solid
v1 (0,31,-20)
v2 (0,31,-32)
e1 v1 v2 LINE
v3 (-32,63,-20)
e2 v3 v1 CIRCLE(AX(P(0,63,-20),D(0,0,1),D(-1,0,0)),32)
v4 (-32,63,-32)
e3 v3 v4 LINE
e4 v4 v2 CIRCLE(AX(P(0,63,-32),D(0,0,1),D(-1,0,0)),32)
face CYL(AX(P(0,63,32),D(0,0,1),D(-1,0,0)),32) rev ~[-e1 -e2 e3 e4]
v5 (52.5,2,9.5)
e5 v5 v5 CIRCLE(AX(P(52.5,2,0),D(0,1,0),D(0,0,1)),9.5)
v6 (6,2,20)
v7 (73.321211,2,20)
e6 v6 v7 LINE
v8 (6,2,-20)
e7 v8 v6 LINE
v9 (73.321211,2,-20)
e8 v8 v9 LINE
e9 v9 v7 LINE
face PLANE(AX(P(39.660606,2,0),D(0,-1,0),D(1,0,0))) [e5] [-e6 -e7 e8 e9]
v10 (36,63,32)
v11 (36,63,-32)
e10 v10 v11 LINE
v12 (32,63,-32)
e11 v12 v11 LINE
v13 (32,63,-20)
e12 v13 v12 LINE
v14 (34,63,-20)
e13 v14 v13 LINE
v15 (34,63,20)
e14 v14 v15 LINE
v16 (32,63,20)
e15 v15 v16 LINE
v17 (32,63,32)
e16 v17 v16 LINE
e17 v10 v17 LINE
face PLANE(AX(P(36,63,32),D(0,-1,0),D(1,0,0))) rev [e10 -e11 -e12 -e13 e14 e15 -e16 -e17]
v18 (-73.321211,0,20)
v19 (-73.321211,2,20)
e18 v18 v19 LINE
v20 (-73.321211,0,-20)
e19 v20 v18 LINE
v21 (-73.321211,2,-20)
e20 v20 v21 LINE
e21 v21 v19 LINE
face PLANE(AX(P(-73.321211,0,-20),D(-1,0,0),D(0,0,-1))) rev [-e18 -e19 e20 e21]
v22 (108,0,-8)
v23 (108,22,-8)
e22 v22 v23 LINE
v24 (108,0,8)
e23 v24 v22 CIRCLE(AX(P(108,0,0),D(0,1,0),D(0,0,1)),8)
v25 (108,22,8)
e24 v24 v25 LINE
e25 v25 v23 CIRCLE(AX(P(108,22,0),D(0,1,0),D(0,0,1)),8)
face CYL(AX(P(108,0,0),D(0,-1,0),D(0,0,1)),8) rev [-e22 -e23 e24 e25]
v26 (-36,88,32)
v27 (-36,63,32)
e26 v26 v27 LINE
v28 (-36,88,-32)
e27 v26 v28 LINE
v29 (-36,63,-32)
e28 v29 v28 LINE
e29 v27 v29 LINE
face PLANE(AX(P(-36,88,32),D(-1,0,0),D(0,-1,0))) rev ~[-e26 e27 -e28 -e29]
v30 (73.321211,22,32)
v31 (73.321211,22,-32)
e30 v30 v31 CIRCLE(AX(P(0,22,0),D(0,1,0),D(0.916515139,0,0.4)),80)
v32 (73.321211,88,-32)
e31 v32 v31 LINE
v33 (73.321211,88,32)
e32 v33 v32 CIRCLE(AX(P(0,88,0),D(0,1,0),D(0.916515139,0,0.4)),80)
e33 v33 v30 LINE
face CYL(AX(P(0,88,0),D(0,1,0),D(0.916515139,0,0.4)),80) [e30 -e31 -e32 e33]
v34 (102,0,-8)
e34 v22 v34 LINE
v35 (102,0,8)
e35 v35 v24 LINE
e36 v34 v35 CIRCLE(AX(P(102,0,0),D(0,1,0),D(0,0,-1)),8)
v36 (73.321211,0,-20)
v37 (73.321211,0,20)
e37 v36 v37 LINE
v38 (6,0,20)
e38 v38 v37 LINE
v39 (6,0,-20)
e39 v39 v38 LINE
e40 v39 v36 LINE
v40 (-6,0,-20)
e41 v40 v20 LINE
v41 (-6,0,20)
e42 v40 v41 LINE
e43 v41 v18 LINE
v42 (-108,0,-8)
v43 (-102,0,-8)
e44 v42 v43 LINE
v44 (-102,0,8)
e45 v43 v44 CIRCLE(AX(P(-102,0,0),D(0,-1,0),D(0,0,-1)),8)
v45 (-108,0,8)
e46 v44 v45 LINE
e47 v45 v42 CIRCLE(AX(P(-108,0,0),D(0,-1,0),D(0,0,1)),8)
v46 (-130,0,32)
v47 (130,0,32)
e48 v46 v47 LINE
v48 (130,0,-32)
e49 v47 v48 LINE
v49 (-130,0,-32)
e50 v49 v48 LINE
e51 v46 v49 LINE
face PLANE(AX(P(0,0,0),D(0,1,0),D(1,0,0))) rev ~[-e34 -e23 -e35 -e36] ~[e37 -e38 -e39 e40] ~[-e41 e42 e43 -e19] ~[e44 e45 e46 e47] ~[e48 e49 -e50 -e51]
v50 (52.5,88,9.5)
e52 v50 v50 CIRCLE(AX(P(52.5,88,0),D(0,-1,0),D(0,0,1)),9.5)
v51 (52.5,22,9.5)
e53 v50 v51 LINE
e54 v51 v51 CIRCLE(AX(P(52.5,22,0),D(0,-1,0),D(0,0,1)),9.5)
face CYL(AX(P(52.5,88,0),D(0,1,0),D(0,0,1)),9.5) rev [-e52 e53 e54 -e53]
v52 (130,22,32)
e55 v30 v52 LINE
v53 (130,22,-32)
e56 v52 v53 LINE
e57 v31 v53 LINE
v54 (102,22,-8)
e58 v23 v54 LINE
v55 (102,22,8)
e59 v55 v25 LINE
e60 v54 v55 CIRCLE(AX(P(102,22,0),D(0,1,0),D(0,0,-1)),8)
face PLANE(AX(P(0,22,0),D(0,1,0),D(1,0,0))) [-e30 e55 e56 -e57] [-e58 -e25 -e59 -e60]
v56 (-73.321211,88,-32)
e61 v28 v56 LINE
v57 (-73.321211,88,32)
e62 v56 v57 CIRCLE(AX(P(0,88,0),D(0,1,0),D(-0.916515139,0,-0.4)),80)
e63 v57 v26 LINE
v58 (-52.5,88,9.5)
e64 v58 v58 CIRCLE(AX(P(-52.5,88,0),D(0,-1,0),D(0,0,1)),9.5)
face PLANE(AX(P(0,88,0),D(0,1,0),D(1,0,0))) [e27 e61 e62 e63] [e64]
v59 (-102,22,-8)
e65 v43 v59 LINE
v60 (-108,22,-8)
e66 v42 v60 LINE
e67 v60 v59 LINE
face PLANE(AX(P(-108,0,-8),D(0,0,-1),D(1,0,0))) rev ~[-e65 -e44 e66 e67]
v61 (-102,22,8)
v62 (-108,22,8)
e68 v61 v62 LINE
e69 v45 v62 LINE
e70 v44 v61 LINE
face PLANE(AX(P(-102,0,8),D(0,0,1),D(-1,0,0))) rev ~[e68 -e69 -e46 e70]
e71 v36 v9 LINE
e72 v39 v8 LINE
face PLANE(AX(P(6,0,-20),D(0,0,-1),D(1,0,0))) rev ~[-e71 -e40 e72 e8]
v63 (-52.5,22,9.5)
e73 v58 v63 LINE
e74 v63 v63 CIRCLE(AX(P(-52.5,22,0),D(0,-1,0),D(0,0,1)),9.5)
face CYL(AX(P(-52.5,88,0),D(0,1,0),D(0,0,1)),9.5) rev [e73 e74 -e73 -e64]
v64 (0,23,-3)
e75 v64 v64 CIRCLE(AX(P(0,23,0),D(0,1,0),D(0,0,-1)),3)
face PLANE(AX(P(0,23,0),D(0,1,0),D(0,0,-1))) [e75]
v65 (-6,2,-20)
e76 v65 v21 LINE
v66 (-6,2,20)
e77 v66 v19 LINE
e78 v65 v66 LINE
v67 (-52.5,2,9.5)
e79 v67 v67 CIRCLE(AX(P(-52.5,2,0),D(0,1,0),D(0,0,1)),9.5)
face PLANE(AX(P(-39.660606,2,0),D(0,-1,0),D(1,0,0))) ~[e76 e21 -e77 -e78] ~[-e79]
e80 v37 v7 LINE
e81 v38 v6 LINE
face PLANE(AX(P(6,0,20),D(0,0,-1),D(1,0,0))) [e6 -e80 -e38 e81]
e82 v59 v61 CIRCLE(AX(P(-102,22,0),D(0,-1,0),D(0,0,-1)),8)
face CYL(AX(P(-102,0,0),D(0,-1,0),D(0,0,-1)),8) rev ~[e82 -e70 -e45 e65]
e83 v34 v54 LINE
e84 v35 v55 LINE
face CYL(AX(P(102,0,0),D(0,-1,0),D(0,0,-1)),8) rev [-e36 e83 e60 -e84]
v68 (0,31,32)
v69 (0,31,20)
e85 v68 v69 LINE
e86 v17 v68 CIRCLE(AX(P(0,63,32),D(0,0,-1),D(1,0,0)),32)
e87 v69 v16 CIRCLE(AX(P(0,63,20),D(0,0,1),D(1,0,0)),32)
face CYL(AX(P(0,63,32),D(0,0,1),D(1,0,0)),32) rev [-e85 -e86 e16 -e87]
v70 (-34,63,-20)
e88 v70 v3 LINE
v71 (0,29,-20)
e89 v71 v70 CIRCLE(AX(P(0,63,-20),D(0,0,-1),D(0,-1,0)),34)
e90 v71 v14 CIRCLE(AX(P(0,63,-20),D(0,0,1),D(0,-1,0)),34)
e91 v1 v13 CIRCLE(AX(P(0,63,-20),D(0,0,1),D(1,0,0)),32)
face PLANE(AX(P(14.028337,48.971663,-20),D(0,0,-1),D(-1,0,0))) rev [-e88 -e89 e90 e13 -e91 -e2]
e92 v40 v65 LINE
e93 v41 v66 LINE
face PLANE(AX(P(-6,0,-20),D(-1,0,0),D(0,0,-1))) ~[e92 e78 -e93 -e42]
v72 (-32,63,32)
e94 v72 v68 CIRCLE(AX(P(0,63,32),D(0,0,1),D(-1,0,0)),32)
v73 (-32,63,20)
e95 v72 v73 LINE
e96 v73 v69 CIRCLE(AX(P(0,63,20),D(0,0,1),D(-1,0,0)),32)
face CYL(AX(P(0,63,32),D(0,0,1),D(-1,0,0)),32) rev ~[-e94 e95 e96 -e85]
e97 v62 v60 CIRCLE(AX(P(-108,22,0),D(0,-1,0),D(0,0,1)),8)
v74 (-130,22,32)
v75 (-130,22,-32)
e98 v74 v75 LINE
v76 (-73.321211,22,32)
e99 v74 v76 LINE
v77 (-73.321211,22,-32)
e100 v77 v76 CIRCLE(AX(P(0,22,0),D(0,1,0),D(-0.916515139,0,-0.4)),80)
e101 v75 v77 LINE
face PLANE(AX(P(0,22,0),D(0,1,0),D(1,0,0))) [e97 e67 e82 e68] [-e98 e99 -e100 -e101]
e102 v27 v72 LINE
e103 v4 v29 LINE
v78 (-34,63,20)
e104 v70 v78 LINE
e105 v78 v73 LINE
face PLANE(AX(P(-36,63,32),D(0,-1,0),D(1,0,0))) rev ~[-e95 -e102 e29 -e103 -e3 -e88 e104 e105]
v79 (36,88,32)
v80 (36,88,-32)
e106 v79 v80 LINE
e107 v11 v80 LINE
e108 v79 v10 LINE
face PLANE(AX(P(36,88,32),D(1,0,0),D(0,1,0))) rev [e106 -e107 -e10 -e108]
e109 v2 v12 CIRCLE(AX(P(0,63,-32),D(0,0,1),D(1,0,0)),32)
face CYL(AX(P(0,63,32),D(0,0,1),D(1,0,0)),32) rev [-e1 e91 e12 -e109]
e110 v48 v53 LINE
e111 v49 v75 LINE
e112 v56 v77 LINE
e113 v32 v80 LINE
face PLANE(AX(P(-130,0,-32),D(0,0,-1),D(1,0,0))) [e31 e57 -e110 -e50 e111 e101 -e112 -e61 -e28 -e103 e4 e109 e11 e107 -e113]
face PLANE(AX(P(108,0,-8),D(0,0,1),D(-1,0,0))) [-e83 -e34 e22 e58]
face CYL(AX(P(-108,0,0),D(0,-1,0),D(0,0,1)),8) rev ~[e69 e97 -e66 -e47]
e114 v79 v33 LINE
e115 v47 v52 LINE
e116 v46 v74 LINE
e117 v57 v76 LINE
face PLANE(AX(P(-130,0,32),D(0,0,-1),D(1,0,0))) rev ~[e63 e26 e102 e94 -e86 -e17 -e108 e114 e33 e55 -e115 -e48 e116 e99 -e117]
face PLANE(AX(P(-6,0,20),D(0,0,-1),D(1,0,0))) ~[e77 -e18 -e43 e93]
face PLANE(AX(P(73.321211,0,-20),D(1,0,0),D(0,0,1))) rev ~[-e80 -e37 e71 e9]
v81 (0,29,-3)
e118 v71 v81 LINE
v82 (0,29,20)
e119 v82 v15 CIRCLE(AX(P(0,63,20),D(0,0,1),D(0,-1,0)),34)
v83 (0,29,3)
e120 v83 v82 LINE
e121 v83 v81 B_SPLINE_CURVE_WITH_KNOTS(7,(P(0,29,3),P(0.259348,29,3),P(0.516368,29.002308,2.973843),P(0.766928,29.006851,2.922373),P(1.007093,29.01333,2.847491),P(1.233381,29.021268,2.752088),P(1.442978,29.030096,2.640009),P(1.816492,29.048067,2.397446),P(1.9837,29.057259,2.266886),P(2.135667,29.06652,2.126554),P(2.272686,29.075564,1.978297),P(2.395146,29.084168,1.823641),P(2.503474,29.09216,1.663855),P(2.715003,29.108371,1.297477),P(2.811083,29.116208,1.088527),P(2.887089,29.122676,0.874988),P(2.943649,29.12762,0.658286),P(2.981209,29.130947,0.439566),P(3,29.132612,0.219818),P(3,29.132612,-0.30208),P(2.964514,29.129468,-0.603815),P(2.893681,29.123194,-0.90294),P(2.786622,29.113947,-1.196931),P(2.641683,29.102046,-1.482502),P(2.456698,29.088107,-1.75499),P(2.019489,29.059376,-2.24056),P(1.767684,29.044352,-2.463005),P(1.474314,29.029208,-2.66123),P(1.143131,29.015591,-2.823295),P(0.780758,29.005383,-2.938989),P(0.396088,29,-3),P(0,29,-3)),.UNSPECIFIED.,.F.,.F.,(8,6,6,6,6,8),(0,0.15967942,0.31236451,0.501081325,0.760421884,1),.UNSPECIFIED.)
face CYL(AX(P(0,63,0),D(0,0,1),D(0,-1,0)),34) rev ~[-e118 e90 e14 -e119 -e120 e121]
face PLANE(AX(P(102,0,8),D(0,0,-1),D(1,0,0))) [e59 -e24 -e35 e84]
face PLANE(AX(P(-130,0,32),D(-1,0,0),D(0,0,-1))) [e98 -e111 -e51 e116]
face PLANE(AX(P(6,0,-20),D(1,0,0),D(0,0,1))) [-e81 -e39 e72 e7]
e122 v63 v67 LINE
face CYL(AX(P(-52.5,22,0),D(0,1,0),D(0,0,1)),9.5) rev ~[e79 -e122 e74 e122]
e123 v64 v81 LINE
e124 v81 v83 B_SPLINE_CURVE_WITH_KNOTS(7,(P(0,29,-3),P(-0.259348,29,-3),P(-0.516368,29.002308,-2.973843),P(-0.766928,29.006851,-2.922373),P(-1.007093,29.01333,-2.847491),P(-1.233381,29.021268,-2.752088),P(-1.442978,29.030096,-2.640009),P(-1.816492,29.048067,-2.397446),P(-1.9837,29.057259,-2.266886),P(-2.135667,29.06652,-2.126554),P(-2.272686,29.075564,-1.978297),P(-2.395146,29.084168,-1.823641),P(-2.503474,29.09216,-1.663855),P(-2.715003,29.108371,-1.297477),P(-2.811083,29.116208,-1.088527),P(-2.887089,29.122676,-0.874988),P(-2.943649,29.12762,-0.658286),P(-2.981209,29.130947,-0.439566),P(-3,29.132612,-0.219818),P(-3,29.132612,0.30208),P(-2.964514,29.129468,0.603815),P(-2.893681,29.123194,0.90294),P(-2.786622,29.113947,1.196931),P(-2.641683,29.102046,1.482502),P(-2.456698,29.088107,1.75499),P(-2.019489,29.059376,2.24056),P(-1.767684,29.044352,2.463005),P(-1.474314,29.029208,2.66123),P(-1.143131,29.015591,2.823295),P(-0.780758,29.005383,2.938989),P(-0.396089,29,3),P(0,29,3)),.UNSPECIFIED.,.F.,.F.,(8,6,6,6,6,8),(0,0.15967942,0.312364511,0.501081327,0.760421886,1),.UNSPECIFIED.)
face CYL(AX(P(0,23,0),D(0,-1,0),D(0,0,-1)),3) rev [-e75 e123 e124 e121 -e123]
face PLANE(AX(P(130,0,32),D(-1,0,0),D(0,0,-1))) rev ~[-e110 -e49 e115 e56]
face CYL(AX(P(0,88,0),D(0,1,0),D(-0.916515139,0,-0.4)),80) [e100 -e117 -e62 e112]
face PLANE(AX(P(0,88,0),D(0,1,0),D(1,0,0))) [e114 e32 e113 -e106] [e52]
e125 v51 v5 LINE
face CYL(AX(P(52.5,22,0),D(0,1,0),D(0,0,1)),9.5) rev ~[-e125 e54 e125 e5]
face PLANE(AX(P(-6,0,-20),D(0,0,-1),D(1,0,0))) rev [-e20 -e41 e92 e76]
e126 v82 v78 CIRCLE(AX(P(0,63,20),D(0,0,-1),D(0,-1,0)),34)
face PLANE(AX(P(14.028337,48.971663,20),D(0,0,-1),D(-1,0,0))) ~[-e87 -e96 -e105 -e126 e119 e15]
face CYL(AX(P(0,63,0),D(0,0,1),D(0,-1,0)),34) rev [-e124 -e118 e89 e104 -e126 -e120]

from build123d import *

# Parameters (mm, degrees)
SKETCH1_W               = 260
SKETCH1_H               = 64
BOSS_EXTRUDE1_DEPTH     = 22
SKETCH3_R               = 9.5
BOSS_EXTRUDE2_DEPTH     = 66
CUT_EXTRUDE2_DEPTH      = 75
CUT_EXTRUDE3_DEPTH      = 20
CUT_EXTRUDE5_DEPTH      = 40
CUT_EXTRUDE5_DEPTH_BACK = 6
SKETCH7_R               = 3
SKETCH8_W               = 67.321211119
SKETCH8_H               = 40
CUT_EXTRUDE6_DEPTH      = 2
SKETCH9_R               = 9.5
CUT_EXTRUDE7_DEPTH      = 45


with BuildPart() as part:
    # Sketch1 → Boss-Extrude1 (new body)
    with BuildSketch(Plane(origin=(0, 0, 0), x_dir=(1, 0, 0), z_dir=(0, 1, 0))):
        Rectangle(SKETCH1_W, SKETCH1_H)
        with BuildLine():
            Line((-102, -8), (-108, -8))
            ThreePointArc((-108, -8), (-116, 0), (-108, 8))
            Line((-108, 8), (-102, 8))
            ThreePointArc((-102, 8), (-94, 0), (-102, -8))
        make_face(mode=Mode.SUBTRACT)
        with BuildLine():
            Line((102, -8), (108, -8))
            ThreePointArc((108, -8), (116, 0), (108, 8))
            Line((108, 8), (102, 8))
            ThreePointArc((102, 8), (94, 0), (102, -8))
        make_face(mode=Mode.SUBTRACT)
    extrude(amount=BOSS_EXTRUDE1_DEPTH)

    # Sketch3 → Boss-Extrude2 (add)
    with BuildSketch(Plane(origin=(0, 88, 0), x_dir=(-1, 0, 0), z_dir=(0, -1, 0))):
        with BuildLine():
            Line((73.321211119, -32), (-73.321211119, -32))
            ThreePointArc((-73.321211119, -32), (-80, 0), (-73.321211119, 32))
            Line((-73.321211119, 32), (73.321211119, 32))
            ThreePointArc((73.321211119, 32), (80, 0), (73.321211119, -32))
        make_face()
        with Locations(Location((-52.5, 0, 0), (0, 0, 270))):
            Circle(SKETCH3_R, mode=Mode.SUBTRACT)
        with Locations(Location((52.5, 0, 0), (0, 0, 270))):
            Circle(SKETCH3_R, mode=Mode.SUBTRACT)
    extrude(amount=BOSS_EXTRUDE2_DEPTH)

    # Sketch5 → Cut-Extrude2 (cut)
    with BuildSketch(Plane.XY.offset(32)):
        with BuildLine():
            Line((-36, 63), (-32, 63))
            ThreePointArc((-32, 63), (-22.627416998, 40.372583002), (0, 31))
            Line((0, 31), (0, 88))
            Line((0, 88), (-36, 88))
            Line((-36, 88), (-36, 63))
        make_face()
    cut_extrude2 = extrude(amount=-CUT_EXTRUDE2_DEPTH, mode=Mode.SUBTRACT)

    # Sketch6 → Cut-Extrude3 (cut, symmetric)
    with BuildSketch(Plane.XY):
        with BuildLine():
            Line((-34, 63), (0, 63))
            Line((0, 63), (0, 29))
            ThreePointArc((0, 29), (-24.04163056, 38.95836944), (-34, 63))
        make_face()
    cut_extrude3 = extrude(amount=CUT_EXTRUDE3_DEPTH, both=True, mode=Mode.SUBTRACT)

    # Mirror1: Cut-Extrude2, Cut-Extrude3 across plane
    add(cut_extrude2.mirror(Plane(origin=(0, 0, 0), x_dir=(0, 0, 1), z_dir=(1, 0, 0))), mode=Mode.SUBTRACT)
    add(cut_extrude3.mirror(Plane(origin=(0, 0, 0), x_dir=(0, 0, 1), z_dir=(1, 0, 0))), mode=Mode.SUBTRACT)

    # Sketch7 → Cut-Extrude5 (cut, two sides: drawn at the far end of the back side and taken through both)
    with BuildSketch(Plane(origin=(0, 29, 0), x_dir=(1, 0, 0), z_dir=(0, 1, 0)).offset(-CUT_EXTRUDE5_DEPTH_BACK)):
        with Locations(Location((0, 0, 0), (0, 0, 90))):
            Circle(SKETCH7_R)
    extrude(amount=CUT_EXTRUDE5_DEPTH + CUT_EXTRUDE5_DEPTH_BACK, mode=Mode.SUBTRACT)

    # Sketch8 → Cut-Extrude6 (cut)
    with BuildSketch(Plane.XZ):
        with Locations((39.66060556, 0)):
            Rectangle(SKETCH8_W, SKETCH8_H)
    cut_extrude6 = extrude(amount=-CUT_EXTRUDE6_DEPTH, mode=Mode.SUBTRACT)

    # Mirror2: Cut-Extrude6 across plane
    add(cut_extrude6.mirror(Plane(origin=(0, 0, 0), x_dir=(0, 0, 1), z_dir=(1, 0, 0))), mode=Mode.SUBTRACT)

    # Sketch9 → Cut-Extrude7 (cut)
    with BuildSketch(Plane(origin=(0, 22, 0), x_dir=(1, 0, 0), z_dir=(0, 1, 0))):
        with Locations(Location((-52.5, 0, 0), (0, 0, 270))):
            Circle(SKETCH9_R)
        with Locations(Location((52.5, 0, 0), (0, 0, 270))):
            Circle(SKETCH9_R)
    extrude(amount=-CUT_EXTRUDE7_DEPTH, mode=Mode.SUBTRACT)


solid = part.part
